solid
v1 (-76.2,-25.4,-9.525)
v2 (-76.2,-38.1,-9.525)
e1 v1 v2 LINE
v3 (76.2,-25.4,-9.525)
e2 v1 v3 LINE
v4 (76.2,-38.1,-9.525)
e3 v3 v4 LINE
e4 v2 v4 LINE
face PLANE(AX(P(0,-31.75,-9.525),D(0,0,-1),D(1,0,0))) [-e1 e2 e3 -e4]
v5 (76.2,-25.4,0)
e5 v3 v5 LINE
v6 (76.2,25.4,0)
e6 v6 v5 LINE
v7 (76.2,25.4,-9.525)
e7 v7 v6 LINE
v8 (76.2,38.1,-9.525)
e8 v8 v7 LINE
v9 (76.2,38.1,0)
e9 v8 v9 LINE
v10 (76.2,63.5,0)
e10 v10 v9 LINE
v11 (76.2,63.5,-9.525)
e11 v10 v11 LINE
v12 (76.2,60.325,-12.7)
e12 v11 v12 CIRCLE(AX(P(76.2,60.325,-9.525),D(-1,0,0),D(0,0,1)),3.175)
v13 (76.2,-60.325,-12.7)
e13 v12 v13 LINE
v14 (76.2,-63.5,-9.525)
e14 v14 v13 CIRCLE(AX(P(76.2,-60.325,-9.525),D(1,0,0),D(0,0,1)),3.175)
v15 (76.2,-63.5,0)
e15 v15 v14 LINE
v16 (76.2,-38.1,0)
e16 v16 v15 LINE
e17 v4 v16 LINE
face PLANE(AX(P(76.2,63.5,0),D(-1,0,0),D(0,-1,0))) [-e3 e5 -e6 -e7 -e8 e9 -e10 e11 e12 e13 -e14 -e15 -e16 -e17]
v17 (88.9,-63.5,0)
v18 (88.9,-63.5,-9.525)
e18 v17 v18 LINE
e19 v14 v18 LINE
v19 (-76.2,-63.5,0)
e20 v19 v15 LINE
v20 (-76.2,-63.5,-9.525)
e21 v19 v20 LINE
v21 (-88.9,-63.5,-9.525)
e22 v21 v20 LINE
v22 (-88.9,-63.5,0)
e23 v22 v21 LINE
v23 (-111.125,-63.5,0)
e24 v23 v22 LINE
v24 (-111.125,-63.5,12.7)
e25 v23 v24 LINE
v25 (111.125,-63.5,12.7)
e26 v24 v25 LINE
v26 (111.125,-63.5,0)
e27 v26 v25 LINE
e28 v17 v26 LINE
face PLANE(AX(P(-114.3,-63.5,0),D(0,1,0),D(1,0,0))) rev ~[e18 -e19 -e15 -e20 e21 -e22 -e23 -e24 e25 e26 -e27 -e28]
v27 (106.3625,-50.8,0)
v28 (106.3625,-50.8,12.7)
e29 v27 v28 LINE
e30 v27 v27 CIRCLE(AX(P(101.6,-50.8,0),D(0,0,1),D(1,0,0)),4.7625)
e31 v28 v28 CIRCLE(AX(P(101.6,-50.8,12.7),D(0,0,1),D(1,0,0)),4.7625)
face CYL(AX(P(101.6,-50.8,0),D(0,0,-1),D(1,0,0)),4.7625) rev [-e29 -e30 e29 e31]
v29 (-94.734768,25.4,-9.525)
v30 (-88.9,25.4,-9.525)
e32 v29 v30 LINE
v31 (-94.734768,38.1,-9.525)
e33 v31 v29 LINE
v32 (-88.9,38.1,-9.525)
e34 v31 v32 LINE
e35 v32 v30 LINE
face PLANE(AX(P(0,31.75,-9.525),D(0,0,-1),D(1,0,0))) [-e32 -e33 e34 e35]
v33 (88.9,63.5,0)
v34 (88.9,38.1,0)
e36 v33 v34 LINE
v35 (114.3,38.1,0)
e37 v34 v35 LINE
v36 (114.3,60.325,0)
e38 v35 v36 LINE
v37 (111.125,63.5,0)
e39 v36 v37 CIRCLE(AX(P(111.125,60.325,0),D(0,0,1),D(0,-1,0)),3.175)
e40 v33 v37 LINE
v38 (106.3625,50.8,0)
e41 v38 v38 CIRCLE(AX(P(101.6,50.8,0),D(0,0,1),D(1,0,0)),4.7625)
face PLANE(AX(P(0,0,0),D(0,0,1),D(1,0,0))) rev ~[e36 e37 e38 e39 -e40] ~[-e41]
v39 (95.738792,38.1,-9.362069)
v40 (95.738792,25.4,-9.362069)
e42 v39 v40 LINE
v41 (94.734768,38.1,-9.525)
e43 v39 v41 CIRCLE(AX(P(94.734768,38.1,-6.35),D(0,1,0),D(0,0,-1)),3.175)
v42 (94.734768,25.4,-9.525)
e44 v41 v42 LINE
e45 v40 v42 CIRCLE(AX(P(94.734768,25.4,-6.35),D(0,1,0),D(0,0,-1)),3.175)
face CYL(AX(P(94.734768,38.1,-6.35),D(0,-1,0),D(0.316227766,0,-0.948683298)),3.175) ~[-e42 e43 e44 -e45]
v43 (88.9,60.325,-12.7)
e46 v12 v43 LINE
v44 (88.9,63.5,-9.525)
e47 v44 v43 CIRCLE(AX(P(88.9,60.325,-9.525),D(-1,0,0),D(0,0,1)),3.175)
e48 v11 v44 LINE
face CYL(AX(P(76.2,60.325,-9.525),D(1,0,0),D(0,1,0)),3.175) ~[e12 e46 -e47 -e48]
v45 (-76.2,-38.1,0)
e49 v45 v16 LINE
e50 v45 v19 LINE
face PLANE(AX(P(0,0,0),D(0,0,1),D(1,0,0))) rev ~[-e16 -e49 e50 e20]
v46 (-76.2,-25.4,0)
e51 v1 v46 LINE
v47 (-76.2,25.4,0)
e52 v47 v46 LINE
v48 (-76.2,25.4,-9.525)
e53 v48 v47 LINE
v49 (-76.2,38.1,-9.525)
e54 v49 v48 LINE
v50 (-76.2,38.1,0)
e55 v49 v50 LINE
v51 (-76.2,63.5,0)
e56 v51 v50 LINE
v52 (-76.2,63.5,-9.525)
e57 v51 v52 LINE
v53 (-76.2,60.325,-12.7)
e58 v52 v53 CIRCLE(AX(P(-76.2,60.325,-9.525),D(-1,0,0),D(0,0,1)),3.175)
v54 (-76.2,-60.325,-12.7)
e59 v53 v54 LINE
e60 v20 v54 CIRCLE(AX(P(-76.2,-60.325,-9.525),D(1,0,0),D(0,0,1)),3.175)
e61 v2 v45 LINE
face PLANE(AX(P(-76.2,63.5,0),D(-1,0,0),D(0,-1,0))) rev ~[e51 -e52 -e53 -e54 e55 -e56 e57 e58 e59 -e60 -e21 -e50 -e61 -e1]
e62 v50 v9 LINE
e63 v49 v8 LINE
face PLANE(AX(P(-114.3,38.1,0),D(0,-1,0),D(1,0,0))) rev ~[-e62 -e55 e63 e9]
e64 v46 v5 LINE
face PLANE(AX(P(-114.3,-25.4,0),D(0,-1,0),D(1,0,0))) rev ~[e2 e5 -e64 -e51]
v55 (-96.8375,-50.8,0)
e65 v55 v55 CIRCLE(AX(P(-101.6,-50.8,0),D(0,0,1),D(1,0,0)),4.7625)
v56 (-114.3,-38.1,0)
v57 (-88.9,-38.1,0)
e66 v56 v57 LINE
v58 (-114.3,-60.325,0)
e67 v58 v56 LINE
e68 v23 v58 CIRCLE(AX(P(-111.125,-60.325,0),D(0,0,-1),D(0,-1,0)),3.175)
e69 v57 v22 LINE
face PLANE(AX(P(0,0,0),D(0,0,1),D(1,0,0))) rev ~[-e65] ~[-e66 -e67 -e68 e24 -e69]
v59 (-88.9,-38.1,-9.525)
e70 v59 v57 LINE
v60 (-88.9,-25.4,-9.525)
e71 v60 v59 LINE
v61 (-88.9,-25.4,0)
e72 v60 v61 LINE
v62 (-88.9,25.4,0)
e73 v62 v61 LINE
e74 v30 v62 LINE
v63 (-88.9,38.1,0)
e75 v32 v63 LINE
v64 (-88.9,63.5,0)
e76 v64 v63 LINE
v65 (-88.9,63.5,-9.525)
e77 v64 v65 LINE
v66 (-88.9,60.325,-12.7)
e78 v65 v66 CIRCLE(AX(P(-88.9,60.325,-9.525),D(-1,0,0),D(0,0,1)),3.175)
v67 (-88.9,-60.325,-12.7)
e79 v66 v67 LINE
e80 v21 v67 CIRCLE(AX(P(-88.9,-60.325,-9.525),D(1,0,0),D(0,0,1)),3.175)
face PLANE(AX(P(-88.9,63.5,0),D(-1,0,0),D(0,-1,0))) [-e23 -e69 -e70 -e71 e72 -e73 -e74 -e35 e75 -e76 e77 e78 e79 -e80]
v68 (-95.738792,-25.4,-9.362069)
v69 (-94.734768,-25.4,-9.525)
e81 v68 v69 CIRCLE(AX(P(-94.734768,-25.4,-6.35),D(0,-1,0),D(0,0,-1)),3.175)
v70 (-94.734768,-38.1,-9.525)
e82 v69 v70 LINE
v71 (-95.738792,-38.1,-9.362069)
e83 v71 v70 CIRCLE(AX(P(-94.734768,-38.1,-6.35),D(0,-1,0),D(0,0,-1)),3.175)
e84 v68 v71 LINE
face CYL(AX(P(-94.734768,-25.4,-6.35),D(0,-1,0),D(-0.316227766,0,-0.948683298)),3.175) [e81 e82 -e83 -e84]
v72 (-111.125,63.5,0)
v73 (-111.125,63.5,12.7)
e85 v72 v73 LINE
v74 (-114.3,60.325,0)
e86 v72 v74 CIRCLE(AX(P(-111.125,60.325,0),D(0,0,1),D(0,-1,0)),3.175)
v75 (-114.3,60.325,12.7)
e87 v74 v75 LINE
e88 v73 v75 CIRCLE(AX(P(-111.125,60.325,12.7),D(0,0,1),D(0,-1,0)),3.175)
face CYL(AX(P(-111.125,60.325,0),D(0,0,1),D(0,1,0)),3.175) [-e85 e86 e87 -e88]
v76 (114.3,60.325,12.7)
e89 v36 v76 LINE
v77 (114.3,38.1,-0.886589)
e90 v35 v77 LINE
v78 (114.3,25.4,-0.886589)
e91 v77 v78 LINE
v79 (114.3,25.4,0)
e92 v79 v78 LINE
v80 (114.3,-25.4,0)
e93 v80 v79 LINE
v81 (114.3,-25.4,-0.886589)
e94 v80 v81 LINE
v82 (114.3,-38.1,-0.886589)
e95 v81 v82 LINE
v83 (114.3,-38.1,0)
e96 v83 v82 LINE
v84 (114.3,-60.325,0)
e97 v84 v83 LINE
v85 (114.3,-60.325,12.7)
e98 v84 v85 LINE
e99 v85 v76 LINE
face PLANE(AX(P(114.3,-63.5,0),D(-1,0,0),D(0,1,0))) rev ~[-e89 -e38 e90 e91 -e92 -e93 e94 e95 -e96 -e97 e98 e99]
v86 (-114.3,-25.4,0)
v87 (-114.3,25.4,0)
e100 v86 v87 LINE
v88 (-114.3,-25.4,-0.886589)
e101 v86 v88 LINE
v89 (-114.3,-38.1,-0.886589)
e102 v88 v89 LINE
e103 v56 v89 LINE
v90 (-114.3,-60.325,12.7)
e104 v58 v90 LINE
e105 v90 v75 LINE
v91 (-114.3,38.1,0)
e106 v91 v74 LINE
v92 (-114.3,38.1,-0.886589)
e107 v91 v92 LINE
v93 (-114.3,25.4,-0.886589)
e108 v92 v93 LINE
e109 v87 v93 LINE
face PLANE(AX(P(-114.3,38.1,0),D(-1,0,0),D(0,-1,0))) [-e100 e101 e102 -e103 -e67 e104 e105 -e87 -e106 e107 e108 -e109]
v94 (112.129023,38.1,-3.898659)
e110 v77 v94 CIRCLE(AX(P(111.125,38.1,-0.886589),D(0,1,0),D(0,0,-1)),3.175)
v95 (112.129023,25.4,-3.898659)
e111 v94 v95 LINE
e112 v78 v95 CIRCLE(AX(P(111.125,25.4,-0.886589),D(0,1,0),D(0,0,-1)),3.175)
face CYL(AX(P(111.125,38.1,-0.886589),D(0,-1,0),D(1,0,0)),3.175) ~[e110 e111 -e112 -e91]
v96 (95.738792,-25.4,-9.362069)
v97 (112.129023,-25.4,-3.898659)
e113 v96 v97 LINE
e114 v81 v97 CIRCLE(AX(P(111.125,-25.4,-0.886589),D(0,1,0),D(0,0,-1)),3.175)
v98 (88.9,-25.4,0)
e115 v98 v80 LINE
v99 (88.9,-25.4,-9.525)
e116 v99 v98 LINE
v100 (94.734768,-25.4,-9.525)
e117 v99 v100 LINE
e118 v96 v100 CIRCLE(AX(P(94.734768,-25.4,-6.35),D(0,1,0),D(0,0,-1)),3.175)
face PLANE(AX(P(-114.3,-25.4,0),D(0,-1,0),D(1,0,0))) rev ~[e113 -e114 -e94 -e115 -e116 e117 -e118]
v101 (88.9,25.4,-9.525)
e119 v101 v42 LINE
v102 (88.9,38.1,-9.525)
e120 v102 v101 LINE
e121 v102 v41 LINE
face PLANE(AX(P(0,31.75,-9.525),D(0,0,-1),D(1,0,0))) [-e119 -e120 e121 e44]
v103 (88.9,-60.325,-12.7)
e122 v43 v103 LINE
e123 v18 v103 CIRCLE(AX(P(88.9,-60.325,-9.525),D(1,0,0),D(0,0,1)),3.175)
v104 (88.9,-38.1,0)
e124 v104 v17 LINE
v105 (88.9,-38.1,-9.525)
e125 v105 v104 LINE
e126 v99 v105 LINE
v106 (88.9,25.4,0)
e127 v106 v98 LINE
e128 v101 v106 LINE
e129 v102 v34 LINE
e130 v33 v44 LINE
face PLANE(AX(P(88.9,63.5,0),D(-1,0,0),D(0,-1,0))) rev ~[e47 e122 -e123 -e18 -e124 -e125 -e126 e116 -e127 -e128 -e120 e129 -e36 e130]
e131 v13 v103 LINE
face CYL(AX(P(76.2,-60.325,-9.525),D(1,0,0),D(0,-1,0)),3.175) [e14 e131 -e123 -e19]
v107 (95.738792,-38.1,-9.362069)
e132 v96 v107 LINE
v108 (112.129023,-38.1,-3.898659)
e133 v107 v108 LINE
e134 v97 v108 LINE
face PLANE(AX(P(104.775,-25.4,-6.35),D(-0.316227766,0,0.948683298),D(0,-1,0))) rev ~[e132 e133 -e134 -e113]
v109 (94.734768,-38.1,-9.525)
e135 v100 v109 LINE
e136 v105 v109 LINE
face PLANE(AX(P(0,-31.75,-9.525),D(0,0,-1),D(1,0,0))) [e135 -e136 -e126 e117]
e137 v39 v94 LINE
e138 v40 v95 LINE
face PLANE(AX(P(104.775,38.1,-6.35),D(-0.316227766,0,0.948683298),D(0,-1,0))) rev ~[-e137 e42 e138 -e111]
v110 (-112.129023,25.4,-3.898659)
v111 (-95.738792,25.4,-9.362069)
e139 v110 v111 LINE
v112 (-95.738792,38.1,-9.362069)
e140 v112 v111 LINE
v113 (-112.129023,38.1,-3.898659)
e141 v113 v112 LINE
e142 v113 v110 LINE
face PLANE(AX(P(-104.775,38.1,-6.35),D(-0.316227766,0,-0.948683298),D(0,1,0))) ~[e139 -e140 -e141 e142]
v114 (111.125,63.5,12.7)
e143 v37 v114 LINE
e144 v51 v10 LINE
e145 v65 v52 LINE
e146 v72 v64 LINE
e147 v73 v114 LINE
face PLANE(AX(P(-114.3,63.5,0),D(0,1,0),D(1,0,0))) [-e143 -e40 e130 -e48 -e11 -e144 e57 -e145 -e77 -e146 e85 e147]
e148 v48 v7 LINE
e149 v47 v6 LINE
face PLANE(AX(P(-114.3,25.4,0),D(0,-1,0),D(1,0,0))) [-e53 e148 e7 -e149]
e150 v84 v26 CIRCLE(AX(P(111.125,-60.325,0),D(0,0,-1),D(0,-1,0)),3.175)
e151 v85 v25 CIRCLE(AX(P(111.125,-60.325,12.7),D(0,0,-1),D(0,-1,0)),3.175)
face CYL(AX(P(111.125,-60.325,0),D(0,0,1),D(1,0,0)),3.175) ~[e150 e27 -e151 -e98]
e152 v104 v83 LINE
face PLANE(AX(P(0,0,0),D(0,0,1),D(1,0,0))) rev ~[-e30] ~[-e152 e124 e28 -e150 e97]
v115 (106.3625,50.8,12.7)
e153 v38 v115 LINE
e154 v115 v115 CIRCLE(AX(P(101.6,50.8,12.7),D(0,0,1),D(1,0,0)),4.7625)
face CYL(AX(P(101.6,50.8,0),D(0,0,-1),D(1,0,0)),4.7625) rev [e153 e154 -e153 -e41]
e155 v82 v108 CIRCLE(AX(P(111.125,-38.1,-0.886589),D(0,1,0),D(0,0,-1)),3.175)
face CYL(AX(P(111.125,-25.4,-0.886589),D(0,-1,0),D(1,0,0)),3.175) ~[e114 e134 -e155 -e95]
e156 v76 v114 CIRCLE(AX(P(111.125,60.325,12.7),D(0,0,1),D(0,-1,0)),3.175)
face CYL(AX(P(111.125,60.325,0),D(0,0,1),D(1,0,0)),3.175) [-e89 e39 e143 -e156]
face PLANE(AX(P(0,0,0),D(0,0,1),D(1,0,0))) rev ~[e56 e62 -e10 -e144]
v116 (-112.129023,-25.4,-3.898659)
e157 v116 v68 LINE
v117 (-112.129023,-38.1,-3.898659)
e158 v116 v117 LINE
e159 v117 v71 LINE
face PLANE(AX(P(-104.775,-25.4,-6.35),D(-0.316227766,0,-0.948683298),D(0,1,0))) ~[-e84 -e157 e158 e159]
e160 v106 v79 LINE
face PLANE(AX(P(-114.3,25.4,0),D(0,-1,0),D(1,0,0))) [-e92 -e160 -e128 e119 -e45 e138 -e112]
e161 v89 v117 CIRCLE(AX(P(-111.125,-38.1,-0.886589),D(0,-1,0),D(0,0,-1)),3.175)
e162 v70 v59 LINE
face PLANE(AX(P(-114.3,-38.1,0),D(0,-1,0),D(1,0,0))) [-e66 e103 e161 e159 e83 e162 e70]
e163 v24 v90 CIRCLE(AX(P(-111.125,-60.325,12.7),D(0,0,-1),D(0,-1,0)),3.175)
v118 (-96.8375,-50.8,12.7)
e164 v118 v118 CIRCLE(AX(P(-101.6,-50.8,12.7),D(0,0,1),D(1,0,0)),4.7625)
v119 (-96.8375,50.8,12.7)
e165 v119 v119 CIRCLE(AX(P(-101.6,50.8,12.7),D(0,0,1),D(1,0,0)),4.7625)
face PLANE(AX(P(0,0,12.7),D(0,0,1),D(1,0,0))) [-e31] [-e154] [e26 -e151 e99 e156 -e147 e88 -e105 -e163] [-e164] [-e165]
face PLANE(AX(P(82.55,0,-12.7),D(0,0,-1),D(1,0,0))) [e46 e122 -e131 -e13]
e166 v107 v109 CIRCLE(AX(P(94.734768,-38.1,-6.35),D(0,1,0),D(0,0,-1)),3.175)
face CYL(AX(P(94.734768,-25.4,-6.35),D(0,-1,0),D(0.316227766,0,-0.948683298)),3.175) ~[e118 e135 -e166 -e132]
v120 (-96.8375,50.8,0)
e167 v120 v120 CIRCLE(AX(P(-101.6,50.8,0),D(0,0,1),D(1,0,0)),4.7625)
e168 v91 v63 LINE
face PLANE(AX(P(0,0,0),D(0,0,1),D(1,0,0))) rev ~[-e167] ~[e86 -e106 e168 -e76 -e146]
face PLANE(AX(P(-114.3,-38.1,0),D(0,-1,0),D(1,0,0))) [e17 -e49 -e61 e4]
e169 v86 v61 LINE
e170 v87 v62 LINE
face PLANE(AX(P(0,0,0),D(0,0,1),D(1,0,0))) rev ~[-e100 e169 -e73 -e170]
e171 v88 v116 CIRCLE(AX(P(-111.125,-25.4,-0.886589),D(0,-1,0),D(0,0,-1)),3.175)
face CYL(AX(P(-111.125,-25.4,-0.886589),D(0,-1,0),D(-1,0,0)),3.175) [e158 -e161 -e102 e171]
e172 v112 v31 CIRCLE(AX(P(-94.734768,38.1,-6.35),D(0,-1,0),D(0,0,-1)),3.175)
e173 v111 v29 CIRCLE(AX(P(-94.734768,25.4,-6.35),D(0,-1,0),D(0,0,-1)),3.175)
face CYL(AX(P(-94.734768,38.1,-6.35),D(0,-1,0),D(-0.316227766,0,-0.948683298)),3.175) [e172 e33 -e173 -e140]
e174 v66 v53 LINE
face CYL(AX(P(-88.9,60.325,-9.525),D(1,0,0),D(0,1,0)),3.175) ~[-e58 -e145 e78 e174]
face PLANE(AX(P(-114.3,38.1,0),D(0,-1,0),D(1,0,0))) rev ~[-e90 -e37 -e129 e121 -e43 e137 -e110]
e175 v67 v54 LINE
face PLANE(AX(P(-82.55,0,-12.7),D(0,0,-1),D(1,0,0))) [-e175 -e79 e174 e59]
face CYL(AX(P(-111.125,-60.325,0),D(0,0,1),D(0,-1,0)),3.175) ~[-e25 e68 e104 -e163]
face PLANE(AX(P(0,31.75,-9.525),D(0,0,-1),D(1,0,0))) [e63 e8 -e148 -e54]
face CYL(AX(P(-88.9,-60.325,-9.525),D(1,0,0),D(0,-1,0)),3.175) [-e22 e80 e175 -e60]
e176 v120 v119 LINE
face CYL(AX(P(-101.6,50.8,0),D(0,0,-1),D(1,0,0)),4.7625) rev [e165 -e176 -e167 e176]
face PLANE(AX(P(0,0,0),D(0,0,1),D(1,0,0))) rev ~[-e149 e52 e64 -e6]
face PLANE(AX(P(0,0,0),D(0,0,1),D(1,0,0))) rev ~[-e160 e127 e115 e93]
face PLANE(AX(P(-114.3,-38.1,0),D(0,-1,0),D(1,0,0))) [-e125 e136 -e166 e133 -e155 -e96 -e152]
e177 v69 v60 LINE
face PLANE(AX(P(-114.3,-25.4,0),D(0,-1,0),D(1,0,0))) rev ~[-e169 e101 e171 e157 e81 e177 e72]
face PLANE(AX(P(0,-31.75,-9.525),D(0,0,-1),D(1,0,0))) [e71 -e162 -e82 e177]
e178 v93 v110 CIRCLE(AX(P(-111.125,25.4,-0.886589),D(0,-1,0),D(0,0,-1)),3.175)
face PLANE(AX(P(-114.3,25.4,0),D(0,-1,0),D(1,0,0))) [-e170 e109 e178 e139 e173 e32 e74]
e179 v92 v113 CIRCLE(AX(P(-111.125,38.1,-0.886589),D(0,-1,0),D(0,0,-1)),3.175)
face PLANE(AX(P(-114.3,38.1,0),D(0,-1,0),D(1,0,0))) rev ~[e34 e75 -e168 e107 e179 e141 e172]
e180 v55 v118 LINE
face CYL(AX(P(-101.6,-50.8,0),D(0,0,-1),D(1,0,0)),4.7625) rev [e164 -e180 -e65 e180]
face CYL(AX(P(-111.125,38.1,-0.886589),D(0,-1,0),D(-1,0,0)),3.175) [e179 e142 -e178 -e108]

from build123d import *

# Parameters (mm, degrees)
F0_W       = 228.6
F0_H       = 127
F0_R       = 4.7625
F1_DEPTH   = 12.7
F2_W       = 12.7
F2_H       = 127
F3_DEPTH   = 12.7
F4_W       = 228.6
F4_H       = 12.7
F5_DEPTH   = 9.525
F6_SIZE2   = 19.05
F6_SIZE    = 6.35
F7_R       = 3.175
F8_R       = 3.175
F9_SIZE2   = 6.35
F9_SIZE    = 19.05
F9_2_SIZE2 = 6.35
F9_2_SIZE  = 19.05
F10_R      = 3.175
F11_R      = 3.175


with BuildPart() as f1:
    # F0 (on Top) → F1 (new body)
    with BuildSketch(Plane.XY):
        Rectangle(F0_W, F0_H)
        with Locations((-101.6, -50.8)):
            Circle(F0_R, mode=Mode.SUBTRACT)
        with Locations((101.6, -50.8)):
            Circle(F0_R, mode=Mode.SUBTRACT)
        with Locations((-101.6, 50.8)):
            Circle(F0_R, mode=Mode.SUBTRACT)
        with Locations((101.6, 50.8)):
            Circle(F0_R, mode=Mode.SUBTRACT)
    extrude(amount=F1_DEPTH)

    # F2 (on face) → F3 (join)
    with BuildSketch(Plane(origin=(0, 0, 0), x_dir=(1, 0, 0), z_dir=(0, 0, -1))):
        with Locations((-82.55, 0)):
            Rectangle(F2_W, F2_H)
        with Locations((82.55, 0)):
            Rectangle(F2_W, F2_H)
    extrude(amount=F3_DEPTH)

    # F4 (on face) → F5 (join)
    with BuildSketch(Plane(origin=(0, 0, 0), x_dir=(1, 0, 0), z_dir=(0, 0, -1))):
        with Locations((0, -31.75)):
            Rectangle(F4_W, F4_H)
        with Locations((0, 31.75)):
            Rectangle(F4_W, F4_H)
    extrude(amount=F5_DEPTH)

    # F6
    f6_edges = [f1.edges().sort_by_distance(p)[0] for p in [
        (-114.3, -31.75, -9.525),
        (-114.3, 31.75, -9.525),
    ]]
    f6_side = f1.faces().sort_by_distance((-114.3, 0, 4.900543))[0]
    chamfer(f6_edges, length=F6_SIZE, length2=F6_SIZE2, reference=f6_side)

    # F7
    f7_edges = [f1.edges().sort_by_distance(p)[0] for p in [
        (-114.3, -31.75, -3.175),
        (-114.3, 31.75, -3.175),
        (-95.25, -31.75, -9.525),
        (-95.25, 31.75, -9.525),
    ]]
    fillet(f7_edges, radius=F7_R)

    # F8
    f8_edges = [f1.edges().sort_by_distance(p)[0] for p in [
        (-82.55, -63.5, -12.7),
        (-82.55, 63.5, -12.7),
        (82.55, 63.5, -12.7),
        (82.55, -63.5, -12.7),
    ]]
    fillet(f8_edges, radius=F8_R)

    # F9
    f9_edges = [f1.edges().sort_by_distance(p)[0] for p in [
        (114.3, -31.75, -9.525),
    ]]
    f9_side = f1.faces().sort_by_distance((101.6, -31.75, -9.525))[0]
    chamfer(f9_edges, length=F9_SIZE, length2=F9_SIZE2, reference=f9_side)

    # F9#2
    f9_2_edges = [f1.edges().sort_by_distance(p)[0] for p in [
        (114.3, 31.75, -9.525),
    ]]
    f9_2_side = f1.faces().sort_by_distance((101.6, 31.75, -9.525))[0]
    chamfer(f9_2_edges, length=F9_2_SIZE, length2=F9_2_SIZE2, reference=f9_2_side)

    # F10
    f10_edges = [f1.edges().sort_by_distance(p)[0] for p in [
        (114.3, -31.75, -3.175),
        (114.3, 31.75, -3.175),
        (95.25, 31.75, -9.525),
        (95.25, -31.75, -9.525),
    ]]
    fillet(f10_edges, radius=F10_R)

    # F11
    f11_edges = [f1.edges().sort_by_distance(p)[0] for p in [
        (-114.3, -63.5, 6.35),
        (-114.3, 63.5, 6.35),
        (114.3, -63.5, 6.35),
        (114.3, 63.5, 6.35),
    ]]
    fillet(f11_edges, radius=F11_R)


solid = f1.part
